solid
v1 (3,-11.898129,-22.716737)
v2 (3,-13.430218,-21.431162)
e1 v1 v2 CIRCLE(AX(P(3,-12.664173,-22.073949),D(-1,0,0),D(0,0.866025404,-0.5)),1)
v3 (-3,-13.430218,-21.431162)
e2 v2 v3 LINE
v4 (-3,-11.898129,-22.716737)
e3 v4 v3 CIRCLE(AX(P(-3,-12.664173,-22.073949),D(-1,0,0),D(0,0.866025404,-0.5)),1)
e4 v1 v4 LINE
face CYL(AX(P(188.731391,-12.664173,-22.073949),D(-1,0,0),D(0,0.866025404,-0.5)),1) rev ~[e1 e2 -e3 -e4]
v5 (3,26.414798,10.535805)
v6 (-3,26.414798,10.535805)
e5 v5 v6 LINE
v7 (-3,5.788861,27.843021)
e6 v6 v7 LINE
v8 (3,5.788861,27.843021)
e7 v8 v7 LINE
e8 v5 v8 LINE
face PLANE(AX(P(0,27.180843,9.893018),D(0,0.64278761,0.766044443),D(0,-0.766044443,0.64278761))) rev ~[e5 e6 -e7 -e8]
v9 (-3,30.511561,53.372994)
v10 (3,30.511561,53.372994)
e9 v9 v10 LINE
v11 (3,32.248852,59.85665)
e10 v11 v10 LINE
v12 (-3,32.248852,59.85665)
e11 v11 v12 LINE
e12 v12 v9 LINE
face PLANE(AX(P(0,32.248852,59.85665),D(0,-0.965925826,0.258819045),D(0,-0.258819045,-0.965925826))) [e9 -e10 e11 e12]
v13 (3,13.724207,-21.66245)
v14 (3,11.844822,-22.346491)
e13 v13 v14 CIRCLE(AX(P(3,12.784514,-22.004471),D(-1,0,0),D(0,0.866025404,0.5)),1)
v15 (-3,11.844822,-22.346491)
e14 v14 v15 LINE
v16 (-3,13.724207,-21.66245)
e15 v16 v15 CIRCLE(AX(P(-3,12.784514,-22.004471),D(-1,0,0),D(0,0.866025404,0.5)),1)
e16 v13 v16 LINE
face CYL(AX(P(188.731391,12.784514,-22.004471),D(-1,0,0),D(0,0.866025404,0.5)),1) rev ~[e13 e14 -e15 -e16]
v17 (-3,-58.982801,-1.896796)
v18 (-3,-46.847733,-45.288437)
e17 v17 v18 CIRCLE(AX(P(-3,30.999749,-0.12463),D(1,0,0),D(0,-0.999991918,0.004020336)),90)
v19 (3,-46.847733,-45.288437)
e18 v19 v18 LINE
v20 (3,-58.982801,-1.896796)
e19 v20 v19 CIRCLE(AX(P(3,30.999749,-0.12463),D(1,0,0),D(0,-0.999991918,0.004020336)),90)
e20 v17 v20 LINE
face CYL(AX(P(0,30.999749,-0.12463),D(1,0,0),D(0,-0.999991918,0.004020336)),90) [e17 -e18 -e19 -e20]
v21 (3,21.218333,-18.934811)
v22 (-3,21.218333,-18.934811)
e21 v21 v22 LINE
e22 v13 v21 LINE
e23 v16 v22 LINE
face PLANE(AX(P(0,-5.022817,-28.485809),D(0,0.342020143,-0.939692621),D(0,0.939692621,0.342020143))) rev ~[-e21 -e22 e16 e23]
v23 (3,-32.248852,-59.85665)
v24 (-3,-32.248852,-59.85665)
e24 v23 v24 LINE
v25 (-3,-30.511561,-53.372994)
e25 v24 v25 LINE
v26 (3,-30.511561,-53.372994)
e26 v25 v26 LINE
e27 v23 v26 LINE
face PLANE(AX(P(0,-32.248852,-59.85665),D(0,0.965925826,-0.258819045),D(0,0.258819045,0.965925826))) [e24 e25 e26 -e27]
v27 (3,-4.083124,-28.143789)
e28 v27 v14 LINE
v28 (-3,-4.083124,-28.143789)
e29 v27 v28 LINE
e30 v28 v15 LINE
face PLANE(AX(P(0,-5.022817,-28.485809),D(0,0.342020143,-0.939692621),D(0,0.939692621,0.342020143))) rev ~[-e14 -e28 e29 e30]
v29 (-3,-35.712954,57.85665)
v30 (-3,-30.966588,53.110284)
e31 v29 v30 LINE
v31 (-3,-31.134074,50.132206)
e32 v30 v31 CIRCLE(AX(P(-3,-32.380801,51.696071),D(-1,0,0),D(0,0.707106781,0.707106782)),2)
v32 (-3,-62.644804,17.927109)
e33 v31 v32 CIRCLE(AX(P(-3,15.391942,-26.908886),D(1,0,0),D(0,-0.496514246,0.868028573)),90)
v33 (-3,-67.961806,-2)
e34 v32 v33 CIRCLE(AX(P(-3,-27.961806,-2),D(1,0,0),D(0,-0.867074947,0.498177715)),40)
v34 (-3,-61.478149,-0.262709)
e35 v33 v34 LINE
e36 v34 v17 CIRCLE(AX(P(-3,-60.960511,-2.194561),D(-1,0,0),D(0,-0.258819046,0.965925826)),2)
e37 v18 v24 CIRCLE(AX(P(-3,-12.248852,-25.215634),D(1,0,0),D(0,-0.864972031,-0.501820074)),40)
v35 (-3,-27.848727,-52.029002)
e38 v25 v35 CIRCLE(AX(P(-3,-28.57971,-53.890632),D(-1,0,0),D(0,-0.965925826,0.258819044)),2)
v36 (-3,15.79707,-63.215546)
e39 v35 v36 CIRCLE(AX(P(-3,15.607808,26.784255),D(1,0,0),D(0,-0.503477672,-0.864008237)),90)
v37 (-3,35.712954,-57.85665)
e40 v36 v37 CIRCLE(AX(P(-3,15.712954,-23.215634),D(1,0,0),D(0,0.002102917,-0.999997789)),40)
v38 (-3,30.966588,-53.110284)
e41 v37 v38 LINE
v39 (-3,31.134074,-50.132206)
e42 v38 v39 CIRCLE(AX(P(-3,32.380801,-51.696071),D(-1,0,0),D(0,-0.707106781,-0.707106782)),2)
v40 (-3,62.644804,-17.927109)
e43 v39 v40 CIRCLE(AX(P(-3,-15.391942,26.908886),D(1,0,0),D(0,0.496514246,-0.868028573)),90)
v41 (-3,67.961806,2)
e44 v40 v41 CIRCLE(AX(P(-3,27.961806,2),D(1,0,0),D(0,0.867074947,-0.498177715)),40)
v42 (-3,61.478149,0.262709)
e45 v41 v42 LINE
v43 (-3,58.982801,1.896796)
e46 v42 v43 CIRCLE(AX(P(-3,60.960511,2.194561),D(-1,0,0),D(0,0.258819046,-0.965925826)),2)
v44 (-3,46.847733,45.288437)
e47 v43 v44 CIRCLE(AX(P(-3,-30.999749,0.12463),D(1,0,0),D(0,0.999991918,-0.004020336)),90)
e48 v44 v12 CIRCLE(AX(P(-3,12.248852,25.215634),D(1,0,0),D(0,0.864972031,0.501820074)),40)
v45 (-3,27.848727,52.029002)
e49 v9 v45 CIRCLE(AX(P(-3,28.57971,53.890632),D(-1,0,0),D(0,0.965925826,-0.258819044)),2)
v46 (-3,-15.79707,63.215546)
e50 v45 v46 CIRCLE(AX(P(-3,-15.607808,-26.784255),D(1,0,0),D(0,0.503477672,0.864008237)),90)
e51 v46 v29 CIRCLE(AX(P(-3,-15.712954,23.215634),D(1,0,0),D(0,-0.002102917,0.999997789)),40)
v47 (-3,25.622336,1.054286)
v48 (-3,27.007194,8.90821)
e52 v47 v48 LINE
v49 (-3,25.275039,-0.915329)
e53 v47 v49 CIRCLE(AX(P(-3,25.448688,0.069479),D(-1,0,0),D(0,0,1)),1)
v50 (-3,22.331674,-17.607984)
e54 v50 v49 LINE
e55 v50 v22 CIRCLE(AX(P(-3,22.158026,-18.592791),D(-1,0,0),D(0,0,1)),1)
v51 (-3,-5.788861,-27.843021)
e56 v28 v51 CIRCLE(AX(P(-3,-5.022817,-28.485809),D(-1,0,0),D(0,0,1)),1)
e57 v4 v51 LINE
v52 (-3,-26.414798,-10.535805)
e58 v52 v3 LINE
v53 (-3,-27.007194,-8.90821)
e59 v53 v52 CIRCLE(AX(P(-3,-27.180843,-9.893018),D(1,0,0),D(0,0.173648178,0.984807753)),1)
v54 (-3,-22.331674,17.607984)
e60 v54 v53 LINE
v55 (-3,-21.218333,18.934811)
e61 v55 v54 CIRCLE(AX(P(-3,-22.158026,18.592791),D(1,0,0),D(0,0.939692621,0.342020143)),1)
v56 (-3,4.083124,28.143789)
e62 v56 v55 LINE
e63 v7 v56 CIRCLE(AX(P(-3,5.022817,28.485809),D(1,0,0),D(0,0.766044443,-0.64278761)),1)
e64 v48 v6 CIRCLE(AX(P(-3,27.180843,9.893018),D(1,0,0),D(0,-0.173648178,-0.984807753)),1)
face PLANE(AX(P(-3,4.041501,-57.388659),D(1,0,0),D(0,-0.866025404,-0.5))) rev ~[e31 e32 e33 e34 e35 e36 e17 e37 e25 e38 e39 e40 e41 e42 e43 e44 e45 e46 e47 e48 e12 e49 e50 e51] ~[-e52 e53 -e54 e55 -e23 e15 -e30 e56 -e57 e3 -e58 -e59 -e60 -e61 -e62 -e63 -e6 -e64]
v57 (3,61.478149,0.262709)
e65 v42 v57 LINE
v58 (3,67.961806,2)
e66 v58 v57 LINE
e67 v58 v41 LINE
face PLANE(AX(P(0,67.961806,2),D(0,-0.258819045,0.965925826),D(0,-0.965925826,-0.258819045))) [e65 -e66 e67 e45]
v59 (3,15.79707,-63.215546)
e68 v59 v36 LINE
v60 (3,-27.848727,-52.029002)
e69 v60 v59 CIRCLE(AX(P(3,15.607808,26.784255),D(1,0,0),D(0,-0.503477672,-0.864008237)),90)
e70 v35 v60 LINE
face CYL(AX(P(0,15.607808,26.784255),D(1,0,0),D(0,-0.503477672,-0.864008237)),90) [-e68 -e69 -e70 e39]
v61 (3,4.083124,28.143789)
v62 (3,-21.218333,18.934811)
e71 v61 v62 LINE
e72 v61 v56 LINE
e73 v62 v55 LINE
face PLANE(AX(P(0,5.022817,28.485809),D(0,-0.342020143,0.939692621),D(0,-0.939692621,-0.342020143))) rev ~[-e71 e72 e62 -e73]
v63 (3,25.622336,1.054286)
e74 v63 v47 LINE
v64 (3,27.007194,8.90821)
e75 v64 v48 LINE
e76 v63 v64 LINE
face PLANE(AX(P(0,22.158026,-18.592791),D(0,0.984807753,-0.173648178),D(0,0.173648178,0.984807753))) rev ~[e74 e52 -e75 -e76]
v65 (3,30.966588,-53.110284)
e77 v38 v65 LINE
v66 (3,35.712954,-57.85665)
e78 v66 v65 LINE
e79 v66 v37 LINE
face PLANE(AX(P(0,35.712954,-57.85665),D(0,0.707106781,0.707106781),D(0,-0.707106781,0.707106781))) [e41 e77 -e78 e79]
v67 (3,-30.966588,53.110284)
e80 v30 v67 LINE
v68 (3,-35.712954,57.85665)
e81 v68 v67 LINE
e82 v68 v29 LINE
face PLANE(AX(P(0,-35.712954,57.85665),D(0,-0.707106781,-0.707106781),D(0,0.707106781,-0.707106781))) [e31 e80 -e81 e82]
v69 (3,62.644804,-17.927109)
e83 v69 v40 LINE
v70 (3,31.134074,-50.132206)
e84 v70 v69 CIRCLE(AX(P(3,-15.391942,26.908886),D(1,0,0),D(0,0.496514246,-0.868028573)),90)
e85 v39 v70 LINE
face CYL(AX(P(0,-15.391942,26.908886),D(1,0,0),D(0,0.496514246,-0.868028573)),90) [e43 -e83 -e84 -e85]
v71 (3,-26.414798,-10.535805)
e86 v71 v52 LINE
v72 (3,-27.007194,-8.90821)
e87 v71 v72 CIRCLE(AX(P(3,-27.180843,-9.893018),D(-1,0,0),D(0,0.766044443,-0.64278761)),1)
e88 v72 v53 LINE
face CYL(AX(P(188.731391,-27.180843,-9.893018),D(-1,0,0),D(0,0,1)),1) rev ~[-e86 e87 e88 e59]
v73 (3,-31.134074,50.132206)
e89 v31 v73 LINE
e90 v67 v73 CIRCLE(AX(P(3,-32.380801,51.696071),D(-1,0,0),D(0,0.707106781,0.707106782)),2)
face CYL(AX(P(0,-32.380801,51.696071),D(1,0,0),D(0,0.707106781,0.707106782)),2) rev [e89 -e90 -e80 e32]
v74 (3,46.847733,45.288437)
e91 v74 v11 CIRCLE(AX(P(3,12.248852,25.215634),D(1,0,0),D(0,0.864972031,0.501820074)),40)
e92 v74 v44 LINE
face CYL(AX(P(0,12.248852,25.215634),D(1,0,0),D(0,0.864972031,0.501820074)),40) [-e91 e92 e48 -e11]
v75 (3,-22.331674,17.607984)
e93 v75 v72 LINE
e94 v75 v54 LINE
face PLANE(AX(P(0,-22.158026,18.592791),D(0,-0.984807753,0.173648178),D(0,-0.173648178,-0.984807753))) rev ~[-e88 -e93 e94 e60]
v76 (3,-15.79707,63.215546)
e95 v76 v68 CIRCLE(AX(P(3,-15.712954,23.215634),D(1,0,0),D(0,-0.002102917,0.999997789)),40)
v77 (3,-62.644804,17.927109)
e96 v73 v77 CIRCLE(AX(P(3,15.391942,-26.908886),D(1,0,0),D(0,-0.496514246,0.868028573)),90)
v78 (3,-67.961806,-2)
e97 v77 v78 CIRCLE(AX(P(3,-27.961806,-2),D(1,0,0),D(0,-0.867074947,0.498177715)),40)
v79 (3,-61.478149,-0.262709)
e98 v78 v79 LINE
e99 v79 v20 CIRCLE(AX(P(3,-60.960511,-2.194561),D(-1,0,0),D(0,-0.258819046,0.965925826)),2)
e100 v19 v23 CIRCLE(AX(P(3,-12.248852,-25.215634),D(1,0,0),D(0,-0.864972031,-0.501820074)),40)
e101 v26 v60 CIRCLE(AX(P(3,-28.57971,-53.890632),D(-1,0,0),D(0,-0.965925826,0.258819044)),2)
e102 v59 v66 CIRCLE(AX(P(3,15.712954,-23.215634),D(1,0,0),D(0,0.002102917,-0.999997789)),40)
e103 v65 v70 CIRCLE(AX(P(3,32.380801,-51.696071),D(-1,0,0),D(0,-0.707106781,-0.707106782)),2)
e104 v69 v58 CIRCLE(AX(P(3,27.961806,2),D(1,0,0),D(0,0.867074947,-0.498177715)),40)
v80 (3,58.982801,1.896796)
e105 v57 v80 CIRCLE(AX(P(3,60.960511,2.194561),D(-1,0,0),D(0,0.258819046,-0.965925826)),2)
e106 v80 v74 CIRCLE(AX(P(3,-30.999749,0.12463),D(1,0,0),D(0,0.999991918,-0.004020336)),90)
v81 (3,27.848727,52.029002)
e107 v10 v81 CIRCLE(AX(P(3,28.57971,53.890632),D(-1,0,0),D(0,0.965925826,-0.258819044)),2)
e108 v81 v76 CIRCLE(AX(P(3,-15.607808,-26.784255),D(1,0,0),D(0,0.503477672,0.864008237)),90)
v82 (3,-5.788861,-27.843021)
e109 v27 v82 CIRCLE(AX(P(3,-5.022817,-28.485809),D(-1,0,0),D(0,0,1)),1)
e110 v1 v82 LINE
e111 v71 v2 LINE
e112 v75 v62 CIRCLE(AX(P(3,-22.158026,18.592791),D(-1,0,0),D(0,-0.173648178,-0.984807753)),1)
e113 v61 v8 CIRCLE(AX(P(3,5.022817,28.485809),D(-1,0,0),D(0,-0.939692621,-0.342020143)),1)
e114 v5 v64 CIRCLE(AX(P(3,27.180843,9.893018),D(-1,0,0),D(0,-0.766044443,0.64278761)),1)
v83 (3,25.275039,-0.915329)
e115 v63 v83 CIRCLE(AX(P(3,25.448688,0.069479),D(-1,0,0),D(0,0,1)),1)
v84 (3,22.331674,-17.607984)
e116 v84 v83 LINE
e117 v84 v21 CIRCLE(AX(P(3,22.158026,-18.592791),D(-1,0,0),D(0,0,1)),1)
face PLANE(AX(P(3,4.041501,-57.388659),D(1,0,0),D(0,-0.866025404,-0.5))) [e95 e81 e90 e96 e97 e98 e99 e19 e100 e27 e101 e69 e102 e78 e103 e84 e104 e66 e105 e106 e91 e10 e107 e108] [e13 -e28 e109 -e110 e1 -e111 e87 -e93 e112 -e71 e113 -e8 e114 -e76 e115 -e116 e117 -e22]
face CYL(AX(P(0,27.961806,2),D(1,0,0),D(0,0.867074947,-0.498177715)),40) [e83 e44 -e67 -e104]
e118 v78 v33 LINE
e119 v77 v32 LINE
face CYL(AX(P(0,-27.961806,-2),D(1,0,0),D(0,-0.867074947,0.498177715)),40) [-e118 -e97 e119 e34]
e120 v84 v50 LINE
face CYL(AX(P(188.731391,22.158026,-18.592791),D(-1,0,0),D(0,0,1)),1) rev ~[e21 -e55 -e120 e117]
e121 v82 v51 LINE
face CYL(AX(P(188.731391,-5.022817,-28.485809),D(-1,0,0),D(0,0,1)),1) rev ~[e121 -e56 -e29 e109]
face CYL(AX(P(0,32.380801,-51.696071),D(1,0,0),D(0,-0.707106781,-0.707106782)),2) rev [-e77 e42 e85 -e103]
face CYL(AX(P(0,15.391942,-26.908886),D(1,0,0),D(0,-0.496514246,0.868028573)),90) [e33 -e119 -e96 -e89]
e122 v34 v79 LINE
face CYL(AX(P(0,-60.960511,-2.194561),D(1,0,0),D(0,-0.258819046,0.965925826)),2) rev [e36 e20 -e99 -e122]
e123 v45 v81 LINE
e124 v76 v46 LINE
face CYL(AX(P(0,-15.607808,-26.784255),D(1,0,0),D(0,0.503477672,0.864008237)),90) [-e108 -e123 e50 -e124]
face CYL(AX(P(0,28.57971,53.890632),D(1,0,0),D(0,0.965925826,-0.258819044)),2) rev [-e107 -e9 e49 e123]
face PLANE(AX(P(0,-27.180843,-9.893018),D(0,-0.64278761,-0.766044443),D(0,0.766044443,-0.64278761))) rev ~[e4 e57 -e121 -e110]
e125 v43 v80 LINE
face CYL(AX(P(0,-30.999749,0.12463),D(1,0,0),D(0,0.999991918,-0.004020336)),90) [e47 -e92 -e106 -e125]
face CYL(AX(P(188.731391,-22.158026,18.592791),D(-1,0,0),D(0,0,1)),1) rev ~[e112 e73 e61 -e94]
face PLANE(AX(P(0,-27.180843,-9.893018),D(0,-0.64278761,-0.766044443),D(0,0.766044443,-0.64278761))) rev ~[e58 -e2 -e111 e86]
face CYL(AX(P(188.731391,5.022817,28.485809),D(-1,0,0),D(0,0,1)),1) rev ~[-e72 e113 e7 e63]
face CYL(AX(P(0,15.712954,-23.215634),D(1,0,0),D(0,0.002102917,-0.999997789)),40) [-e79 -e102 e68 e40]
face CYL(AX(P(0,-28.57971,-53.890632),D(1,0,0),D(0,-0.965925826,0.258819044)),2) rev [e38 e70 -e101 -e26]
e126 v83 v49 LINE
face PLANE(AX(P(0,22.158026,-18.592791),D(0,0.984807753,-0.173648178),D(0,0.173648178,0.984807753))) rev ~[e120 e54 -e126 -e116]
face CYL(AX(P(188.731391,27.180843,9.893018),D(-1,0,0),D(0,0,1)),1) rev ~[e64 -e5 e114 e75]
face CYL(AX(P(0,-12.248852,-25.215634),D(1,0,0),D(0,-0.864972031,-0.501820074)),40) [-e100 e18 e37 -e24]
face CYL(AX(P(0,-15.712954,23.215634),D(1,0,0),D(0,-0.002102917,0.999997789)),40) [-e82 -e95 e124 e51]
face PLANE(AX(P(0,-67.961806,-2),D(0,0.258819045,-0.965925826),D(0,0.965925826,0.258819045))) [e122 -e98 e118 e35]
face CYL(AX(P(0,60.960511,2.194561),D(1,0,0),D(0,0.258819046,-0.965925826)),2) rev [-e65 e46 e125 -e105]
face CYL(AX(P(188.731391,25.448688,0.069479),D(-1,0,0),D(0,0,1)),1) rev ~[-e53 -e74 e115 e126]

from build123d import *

# Parameters (mm, degrees)
SKETCH1_R                = 59
EXTRUDE1_DEPTH           = 3
EXTRUDE2_DEPTH           = 3
CIRPATTERN1_COUNT        = 6
F_2_0_2_DIAMETER_HOLE1_D = 2
F_2_0_2_DIAMETER_HOLE3_D = 2
CIRPATTERN2_COUNT        = 3
CIRPATTERN2_ANGLE        = 120


with BuildPart() as part:
    # Sketch1 → Extrude1 (new, symmetric)
    with BuildSketch(Plane(origin=(0, 0, 0), x_dir=(0, 0, -1), z_dir=(1, 0, 0))):
        Circle(SKETCH1_R)
        Polygon((18.592791334, 22.158025869), (-9.893017633, 27.180842557), (-28.485808967, 5.022816688), (-18.592791334, -22.158025869), (9.893017633, -27.180842557), (28.485808967, -5.022816688), align=None, mode=Mode.SUBTRACT)
    extrude(amount=EXTRUDE1_DEPTH, both=True)

    # Sketch2 → Extrude2 (add, symmetric)
    with BuildSketch(Plane(origin=(0, 0, 0), x_dir=(0, 0, -1), z_dir=(1, 0, 0))):
        with BuildLine():
            Line((-2, 67.961805723), (-0.262709442, 61.478149092))
            ThreePointArc((-0.262709442, 61.478149092), (-0.58620663, 59.77173183), (-2.122608272, 58.961805723))
            ThreePointArc((-2.122608272, 58.961805723), (28.679663449, 51.560419941), (51.21368579, 29.294340542))
            ThreePointArc((51.21368579, 29.294340542), (36.791707484, 48.186627241), (17.927108603, 62.644803614))
            ThreePointArc((17.927108603, 62.644803614), (8.312130826, 66.609702921), (-2, 67.961805723))
        make_face()
    extrude2 = extrude(amount=EXTRUDE2_DEPTH, both=True)

    # CirPattern1: Extrude2 ×6 about axis
    cirpattern1_axis = Axis((0, 0, 0), (1, 0, 0))
    for i in range(1, CIRPATTERN1_COUNT):
        add(extrude2.rotate(cirpattern1_axis, i * 360 / CIRPATTERN1_COUNT))

    # Ø2.0 (2) Diameter Hole1 (through all)
    with Locations(Plane(origin=(3, 0, 0), x_dir=(0, 0, -1), z_dir=(1, 0, 0))):
        with Locations((-9.893017633, 27.180842557), (18.592791334, 22.158025869), (28.485808967, -5.022816688), (9.893017633, -27.180842557), (-18.592791334, -22.158025869), (-28.485808967, 5.022816688)):
            Hole(F_2_0_2_DIAMETER_HOLE1_D / 2)

    # Ø2.0 (2) Diameter Hole3 (through all)
    with Locations(Plane(origin=(3, 0, 0), x_dir=(0, 0, -1), z_dir=(1, 0, 0))):
        with Locations((-0.069478726, 25.448687602)):
            f_2_0_2_diameter_hole3 = Hole(F_2_0_2_DIAMETER_HOLE3_D / 2)

    # CirPattern2: Ø2.0 (2) Diameter Hole3 ×3 about axis
    cirpattern2_axis = Axis((0, 0, 0), (-1, 0, 0))
    for i in range(1, CIRPATTERN2_COUNT):
        add(f_2_0_2_diameter_hole3.rotate(cirpattern2_axis, i * CIRPATTERN2_ANGLE / (CIRPATTERN2_COUNT - 1)), mode=Mode.SUBTRACT)


solid = part.part
